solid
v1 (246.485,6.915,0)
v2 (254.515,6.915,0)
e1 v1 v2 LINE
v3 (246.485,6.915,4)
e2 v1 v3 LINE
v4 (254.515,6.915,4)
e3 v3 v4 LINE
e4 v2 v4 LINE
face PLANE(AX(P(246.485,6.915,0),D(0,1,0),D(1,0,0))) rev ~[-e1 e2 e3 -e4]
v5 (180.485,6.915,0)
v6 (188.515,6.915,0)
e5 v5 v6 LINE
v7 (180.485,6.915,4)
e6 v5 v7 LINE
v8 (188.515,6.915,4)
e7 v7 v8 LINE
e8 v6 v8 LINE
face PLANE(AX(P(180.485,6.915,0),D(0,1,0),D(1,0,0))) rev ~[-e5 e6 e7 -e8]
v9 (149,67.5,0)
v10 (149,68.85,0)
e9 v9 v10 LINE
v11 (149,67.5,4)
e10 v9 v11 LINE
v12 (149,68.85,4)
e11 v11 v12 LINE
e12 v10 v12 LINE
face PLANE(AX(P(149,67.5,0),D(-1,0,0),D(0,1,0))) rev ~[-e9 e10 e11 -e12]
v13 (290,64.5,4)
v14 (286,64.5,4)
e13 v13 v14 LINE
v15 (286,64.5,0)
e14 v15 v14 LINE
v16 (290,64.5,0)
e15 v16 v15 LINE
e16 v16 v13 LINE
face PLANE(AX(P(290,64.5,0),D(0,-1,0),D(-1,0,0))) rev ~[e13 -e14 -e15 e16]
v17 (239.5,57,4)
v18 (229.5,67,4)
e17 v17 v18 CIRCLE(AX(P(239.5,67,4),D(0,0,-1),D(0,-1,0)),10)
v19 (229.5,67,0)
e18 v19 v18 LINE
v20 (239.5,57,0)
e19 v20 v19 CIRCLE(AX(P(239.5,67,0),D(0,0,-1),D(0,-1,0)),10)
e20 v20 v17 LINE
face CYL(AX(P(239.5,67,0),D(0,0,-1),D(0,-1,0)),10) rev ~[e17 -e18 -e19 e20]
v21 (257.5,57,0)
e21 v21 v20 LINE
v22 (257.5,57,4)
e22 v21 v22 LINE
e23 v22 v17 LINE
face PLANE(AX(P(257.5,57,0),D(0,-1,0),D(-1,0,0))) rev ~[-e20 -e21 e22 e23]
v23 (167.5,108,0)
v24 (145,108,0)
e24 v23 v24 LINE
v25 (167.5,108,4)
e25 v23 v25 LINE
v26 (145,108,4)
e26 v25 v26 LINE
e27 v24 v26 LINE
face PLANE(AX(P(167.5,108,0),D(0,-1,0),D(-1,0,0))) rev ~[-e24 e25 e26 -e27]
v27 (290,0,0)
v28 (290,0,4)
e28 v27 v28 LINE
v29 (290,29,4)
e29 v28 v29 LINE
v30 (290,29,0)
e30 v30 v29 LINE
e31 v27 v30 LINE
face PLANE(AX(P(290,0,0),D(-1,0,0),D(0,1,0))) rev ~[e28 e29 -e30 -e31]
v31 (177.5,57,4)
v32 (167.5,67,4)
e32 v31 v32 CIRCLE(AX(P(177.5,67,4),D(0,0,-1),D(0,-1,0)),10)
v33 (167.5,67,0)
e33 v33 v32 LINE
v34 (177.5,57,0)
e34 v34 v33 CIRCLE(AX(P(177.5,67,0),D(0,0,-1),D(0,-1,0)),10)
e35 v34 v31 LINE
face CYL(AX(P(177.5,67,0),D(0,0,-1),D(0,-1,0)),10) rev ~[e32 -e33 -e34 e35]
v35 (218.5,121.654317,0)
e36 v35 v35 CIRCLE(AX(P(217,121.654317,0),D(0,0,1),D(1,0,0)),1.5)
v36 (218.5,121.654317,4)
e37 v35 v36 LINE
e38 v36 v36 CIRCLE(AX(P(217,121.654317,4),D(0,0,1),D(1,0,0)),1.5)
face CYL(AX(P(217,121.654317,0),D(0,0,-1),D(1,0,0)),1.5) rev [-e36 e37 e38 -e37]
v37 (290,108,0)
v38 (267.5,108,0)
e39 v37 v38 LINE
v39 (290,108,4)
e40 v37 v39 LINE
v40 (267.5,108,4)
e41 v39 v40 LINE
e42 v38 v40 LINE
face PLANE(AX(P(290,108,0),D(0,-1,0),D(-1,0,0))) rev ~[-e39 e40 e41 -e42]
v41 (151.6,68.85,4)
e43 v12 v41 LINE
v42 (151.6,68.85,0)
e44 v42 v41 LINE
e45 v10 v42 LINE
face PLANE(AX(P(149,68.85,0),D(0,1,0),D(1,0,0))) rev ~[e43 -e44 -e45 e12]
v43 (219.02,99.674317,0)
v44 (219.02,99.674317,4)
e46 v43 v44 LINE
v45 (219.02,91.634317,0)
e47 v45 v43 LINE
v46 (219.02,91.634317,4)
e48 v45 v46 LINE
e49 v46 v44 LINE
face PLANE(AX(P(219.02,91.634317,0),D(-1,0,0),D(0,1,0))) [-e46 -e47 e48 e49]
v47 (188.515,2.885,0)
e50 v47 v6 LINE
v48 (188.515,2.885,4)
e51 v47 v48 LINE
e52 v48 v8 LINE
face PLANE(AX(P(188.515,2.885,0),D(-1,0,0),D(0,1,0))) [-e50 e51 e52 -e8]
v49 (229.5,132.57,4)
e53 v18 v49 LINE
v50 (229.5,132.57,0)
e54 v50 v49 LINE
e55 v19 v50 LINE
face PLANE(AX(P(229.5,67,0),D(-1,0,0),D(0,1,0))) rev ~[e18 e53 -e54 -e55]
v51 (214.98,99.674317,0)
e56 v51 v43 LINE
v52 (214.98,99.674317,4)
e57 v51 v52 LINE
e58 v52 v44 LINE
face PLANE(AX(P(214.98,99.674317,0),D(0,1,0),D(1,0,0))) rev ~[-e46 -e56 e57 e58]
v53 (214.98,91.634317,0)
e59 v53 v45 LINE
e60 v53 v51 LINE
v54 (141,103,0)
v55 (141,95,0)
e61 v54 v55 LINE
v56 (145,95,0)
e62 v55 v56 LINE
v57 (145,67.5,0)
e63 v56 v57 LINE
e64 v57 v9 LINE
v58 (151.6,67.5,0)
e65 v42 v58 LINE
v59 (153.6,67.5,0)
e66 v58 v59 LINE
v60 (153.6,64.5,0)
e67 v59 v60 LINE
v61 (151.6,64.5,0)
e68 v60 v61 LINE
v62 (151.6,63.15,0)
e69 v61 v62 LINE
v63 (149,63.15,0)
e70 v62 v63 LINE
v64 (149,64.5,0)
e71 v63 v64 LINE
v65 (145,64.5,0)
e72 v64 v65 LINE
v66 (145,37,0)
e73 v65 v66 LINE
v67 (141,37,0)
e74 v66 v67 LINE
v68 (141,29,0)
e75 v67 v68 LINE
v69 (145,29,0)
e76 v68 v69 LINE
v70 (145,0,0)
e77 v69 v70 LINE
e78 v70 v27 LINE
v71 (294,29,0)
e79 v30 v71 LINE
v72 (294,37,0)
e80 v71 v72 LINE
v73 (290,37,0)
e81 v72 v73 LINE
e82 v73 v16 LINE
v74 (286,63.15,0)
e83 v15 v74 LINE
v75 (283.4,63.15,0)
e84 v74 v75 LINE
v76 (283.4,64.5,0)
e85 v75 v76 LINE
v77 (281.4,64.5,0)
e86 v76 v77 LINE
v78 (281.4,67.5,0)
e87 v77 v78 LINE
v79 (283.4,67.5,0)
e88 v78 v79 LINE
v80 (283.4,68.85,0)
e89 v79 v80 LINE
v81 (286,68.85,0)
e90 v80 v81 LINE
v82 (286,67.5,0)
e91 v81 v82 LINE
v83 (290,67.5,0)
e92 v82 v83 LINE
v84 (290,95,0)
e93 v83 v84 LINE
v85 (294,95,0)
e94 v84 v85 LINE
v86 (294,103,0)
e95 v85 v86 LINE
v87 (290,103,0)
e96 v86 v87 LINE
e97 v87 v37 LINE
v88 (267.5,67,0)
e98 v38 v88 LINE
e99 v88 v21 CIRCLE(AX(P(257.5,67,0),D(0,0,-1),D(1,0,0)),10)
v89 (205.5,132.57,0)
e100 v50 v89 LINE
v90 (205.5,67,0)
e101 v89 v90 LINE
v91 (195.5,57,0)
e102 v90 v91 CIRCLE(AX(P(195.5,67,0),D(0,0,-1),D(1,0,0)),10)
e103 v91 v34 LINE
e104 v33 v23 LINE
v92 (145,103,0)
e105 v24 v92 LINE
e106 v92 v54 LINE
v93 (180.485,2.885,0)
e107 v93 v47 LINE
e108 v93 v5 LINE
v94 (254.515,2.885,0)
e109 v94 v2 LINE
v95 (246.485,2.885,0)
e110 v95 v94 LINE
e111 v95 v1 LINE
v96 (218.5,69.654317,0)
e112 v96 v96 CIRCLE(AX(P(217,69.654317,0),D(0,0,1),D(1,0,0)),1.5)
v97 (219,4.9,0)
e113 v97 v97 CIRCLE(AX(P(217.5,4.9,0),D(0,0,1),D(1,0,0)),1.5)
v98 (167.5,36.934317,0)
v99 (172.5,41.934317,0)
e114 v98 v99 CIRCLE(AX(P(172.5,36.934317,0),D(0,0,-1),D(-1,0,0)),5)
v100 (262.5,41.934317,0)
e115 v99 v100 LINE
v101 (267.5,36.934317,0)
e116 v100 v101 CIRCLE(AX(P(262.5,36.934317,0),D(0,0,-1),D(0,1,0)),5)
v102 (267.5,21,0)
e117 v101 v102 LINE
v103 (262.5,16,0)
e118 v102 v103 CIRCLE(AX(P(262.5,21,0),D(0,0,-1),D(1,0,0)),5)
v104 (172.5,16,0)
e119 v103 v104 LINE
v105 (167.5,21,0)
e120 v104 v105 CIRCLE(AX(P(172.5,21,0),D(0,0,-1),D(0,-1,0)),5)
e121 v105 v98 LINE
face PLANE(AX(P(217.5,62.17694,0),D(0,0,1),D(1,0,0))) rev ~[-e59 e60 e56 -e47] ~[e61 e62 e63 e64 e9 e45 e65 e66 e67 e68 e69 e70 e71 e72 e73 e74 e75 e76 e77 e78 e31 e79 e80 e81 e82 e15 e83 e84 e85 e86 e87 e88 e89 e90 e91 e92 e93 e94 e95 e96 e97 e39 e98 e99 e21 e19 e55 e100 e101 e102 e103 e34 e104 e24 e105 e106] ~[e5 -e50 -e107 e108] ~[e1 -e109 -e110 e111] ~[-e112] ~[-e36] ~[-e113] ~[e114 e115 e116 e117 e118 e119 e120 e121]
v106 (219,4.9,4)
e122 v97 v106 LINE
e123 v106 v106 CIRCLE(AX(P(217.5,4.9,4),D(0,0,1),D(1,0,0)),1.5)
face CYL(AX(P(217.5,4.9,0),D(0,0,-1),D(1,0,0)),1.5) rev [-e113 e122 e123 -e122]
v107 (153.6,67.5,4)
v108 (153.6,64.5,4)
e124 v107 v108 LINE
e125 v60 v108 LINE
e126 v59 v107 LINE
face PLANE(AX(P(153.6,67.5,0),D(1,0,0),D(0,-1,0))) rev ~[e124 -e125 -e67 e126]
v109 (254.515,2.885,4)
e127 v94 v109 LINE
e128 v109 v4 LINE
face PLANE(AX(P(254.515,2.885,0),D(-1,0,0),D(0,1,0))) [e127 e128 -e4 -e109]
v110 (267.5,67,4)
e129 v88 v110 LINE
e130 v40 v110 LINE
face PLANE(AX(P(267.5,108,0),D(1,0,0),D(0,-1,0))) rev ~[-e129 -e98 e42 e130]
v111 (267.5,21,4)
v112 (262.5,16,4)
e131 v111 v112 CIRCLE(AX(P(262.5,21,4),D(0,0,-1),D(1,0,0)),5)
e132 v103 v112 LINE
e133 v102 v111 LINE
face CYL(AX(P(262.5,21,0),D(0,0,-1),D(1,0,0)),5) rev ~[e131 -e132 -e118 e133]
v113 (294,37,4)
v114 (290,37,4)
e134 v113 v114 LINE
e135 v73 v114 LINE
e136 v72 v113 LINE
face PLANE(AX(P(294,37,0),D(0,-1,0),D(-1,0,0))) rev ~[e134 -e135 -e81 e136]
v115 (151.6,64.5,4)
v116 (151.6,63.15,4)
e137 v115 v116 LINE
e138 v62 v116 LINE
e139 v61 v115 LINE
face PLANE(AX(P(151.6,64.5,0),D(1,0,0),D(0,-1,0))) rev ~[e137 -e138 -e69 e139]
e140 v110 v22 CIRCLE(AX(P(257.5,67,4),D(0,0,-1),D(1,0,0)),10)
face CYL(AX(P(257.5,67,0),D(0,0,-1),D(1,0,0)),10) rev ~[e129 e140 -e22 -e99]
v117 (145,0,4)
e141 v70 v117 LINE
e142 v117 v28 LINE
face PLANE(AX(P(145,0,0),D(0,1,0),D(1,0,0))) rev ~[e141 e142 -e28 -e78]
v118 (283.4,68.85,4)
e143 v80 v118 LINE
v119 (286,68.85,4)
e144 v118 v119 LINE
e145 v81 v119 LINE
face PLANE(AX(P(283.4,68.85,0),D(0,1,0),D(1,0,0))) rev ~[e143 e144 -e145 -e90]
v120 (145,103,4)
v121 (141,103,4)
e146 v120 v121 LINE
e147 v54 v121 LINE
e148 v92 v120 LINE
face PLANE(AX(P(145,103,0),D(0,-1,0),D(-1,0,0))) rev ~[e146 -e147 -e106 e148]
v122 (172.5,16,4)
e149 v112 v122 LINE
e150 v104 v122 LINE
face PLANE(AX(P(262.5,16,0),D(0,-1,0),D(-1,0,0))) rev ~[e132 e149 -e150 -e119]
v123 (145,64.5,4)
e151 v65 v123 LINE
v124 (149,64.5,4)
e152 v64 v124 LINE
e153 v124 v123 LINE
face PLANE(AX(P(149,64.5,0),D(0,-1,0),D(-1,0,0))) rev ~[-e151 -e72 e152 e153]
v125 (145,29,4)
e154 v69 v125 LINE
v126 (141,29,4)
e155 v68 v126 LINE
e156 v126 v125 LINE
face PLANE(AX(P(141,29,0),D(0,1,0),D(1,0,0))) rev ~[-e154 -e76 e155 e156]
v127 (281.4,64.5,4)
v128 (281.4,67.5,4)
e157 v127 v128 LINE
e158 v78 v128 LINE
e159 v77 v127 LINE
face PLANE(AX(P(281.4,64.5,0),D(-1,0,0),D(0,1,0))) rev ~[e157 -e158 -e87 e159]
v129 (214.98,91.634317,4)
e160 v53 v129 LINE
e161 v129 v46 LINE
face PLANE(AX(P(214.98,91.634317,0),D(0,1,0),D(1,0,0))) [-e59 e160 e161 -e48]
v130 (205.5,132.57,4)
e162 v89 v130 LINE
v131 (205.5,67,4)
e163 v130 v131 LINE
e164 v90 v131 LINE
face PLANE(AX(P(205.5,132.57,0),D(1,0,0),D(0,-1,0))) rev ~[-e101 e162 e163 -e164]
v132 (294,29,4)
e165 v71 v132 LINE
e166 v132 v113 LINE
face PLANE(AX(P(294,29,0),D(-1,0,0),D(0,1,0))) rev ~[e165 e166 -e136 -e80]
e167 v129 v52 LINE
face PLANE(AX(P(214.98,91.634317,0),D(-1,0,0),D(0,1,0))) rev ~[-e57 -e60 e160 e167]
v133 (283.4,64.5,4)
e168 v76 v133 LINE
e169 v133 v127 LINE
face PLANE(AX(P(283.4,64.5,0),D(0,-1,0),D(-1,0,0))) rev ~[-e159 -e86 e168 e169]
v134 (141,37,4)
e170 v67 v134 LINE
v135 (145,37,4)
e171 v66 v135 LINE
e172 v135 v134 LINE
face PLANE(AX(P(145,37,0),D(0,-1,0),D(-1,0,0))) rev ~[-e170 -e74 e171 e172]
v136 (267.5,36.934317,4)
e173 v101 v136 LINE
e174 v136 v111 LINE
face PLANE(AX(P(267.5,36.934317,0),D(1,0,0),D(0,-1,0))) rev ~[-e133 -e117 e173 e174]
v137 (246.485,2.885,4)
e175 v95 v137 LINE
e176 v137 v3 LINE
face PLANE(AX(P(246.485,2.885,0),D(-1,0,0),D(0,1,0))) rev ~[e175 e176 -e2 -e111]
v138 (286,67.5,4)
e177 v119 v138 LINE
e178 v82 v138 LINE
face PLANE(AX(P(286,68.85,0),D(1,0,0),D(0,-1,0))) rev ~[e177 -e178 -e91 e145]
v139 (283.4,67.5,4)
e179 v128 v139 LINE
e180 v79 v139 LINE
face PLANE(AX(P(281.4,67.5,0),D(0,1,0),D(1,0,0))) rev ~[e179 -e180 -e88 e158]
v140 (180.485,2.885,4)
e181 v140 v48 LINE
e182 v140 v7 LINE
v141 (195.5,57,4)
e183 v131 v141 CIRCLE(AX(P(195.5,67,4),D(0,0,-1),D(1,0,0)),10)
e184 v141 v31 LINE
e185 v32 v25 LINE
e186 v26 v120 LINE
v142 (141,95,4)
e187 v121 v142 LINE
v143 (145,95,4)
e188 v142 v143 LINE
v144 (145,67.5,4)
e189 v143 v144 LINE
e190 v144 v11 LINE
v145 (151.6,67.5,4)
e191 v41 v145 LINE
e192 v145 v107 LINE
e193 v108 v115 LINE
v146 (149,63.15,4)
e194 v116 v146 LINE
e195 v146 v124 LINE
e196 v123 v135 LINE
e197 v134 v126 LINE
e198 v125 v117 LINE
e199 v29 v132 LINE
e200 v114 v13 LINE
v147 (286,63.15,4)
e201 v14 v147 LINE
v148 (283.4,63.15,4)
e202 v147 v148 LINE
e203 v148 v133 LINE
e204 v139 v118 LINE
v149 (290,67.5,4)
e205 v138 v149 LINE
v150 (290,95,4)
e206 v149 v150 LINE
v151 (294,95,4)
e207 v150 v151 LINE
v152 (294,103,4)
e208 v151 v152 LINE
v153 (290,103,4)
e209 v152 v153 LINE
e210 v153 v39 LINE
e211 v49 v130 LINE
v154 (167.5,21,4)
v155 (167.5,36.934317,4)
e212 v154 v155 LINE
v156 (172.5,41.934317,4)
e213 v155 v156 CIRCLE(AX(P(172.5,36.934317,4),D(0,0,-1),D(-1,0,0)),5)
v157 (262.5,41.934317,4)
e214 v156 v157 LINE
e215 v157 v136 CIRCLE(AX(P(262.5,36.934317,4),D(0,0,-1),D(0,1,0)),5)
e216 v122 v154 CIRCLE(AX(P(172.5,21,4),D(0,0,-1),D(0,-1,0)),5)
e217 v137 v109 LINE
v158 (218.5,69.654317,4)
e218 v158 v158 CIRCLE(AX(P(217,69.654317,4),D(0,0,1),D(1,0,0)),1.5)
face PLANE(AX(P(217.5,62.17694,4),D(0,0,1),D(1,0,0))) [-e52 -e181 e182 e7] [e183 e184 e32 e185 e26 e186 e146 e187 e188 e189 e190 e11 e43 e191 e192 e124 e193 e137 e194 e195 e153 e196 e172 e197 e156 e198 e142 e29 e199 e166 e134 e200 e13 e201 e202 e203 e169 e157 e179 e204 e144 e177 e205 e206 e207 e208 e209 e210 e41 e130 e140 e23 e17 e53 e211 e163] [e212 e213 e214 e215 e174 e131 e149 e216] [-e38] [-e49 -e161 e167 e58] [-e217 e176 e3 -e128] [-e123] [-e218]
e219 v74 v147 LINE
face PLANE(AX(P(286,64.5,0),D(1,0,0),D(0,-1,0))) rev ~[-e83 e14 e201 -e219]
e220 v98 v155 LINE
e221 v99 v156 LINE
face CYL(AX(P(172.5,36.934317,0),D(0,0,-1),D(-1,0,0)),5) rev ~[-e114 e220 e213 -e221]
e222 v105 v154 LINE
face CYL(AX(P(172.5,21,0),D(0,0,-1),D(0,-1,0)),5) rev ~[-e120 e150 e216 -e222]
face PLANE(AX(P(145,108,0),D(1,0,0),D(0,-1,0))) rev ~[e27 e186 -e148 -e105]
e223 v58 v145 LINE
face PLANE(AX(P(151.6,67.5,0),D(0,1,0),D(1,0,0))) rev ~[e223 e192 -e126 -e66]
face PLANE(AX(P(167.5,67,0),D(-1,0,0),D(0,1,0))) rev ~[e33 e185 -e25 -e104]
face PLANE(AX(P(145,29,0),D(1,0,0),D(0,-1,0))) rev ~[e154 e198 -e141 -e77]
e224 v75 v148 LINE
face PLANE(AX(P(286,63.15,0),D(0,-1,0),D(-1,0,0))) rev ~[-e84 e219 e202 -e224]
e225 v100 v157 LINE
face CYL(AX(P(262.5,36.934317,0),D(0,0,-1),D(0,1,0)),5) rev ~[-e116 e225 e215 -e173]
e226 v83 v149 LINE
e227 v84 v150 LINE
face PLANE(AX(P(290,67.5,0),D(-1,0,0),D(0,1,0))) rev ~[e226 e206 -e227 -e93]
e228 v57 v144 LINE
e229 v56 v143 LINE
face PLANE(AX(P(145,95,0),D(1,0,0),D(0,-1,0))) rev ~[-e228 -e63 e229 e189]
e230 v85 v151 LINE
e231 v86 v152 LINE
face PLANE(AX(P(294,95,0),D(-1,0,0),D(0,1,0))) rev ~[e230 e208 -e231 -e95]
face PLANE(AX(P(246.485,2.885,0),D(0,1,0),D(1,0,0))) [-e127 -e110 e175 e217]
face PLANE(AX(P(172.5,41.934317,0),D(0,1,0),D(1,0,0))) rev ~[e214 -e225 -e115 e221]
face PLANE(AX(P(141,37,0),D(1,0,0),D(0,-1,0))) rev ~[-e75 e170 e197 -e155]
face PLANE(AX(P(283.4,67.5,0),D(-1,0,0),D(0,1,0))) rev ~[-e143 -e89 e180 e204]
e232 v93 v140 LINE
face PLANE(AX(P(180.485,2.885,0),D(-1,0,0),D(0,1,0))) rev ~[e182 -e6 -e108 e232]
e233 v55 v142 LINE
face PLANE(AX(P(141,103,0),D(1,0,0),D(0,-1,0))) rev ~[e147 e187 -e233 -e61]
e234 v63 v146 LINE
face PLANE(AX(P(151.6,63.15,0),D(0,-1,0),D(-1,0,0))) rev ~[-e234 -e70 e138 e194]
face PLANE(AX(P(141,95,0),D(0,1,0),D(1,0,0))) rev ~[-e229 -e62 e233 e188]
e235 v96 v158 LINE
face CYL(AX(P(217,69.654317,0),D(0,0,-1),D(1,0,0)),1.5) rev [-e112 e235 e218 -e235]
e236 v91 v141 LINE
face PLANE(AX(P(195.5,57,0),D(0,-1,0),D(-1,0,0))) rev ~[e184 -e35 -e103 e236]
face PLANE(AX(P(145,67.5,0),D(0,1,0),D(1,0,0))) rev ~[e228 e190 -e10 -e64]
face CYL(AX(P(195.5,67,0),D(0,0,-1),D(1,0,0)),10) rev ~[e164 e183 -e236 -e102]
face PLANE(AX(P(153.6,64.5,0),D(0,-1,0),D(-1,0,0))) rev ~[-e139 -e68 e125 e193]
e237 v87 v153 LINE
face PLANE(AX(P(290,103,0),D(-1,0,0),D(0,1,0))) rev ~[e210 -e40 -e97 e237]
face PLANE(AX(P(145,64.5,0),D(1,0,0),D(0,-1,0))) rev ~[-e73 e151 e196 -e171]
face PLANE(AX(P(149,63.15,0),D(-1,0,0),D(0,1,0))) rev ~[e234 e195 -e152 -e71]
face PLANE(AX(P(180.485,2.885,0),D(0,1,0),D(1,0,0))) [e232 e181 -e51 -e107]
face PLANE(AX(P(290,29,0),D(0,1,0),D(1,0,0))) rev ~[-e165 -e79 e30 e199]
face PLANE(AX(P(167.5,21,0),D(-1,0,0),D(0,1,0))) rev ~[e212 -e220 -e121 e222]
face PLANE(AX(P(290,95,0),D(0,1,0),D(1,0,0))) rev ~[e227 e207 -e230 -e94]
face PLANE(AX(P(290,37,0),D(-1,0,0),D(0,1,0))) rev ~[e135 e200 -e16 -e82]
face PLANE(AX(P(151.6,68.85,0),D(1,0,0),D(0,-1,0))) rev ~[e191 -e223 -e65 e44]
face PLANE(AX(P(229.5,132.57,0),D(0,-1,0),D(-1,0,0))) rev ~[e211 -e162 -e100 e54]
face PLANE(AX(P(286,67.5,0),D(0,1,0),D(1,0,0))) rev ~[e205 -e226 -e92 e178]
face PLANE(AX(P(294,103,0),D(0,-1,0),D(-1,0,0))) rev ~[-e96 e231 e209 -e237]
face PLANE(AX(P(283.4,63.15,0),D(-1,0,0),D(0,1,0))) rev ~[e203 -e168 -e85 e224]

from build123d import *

# Parameters (mm, degrees)
SKETCH_1_W      = 8.03
SKETCH_1_H      = 4.03
SKETCH_1_R      = 1.5
SKETCH_1_W_2    = 4.04
SKETCH_1_H_2    = 8.04
EXTRUDE_1_DEPTH = 4


with BuildPart() as part:
    # 草图1 → 凸台-拉伸1 (new body)
    with BuildSketch(Plane.XY):
        with BuildLine():
            Line((149, 64.5), (145, 64.5))
            Line((145, 64.5), (145, 37))
            Line((145, 37), (141, 37))
            Line((141, 37), (141, 29))
            Line((141, 29), (145, 29))
            Line((145, 29), (145, 0))
            Line((145, 0), (290, 0))
            Line((290, 0), (290, 29))
            Line((290, 29), (294, 29))
            Line((294, 29), (294, 37))
            Line((294, 37), (290, 37))
            Line((290, 37), (290, 64.5))
            Line((290, 64.5), (286, 64.5))
            Line((286, 64.5), (286, 63.15))
            Line((286, 63.15), (283.4, 63.15))
            Line((283.4, 63.15), (283.4, 64.5))
            Line((283.4, 64.5), (281.4, 64.5))
            Line((281.4, 64.5), (281.4, 67.5))
            Line((281.4, 67.5), (283.4, 67.5))
            Line((283.4, 67.5), (283.4, 68.85))
            Line((283.4, 68.85), (286, 68.85))
            Line((286, 68.85), (286, 67.5))
            Line((286, 67.5), (290, 67.5))
            Line((290, 67.5), (290, 95))
            Line((290, 95), (294, 95))
            Line((294, 95), (294, 103))
            Line((294, 103), (290, 103))
            Line((290, 103), (290, 108))
            Line((290, 108), (267.5, 108))
            Line((267.5, 108), (267.5, 67))
            ThreePointArc((267.5, 67), (264.571067812, 59.928932188), (257.5, 57))
            Line((257.5, 57), (239.5, 57))
            ThreePointArc((239.5, 57), (232.428932188, 59.928932188), (229.5, 67))
            Line((229.5, 67), (229.5, 132.57))
            Line((229.5, 132.57), (205.5, 132.57))
            Line((205.5, 132.57), (205.5, 67))
            ThreePointArc((205.5, 67), (202.571067812, 59.928932188), (195.5, 57))
            Line((195.5, 57), (177.5, 57))
            ThreePointArc((177.5, 57), (170.428932188, 59.928932188), (167.5, 67))
            Line((167.5, 67), (167.5, 108))
            Line((167.5, 108), (145, 108))
            Line((145, 108), (145, 103))
            Line((145, 103), (141, 103))
            Line((141, 103), (141, 95))
            Line((141, 95), (145, 95))
            Line((145, 95), (145, 67.5))
            Line((145, 67.5), (149, 67.5))
            Line((149, 67.5), (149, 68.85))
            Line((149, 68.85), (151.6, 68.85))
            Line((151.6, 68.85), (151.6, 67.5))
            Line((151.6, 67.5), (153.6, 67.5))
            Line((153.6, 67.5), (153.6, 64.5))
            Line((153.6, 64.5), (151.6, 64.5))
            Line((151.6, 64.5), (151.6, 63.15))
            Line((151.6, 63.15), (149, 63.15))
            Line((149, 63.15), (149, 64.5))
        make_face()
        with Locations((184.5, 4.9)):
            Rectangle(SKETCH_1_W, SKETCH_1_H, mode=Mode.SUBTRACT)
        with BuildLine():
            ThreePointArc((167.5, 36.934316811), (168.964466094, 40.469850717), (172.5, 41.934316811))
            Line((172.5, 41.934316811), (262.5, 41.934316811))
            ThreePointArc((262.5, 41.934316811), (266.035533906, 40.469850717), (267.5, 36.934316811))
            Line((267.5, 36.934316811), (267.5, 21))
            ThreePointArc((267.5, 21), (266.035533906, 17.464466094), (262.5, 16))
            Line((262.5, 16), (172.5, 16))
            ThreePointArc((172.5, 16), (168.964466094, 17.464466094), (167.5, 21))
            Line((167.5, 21), (167.5, 36.934316811))
        make_face(mode=Mode.SUBTRACT)
        with Locations((217.5, 4.9)):
            Circle(SKETCH_1_R, mode=Mode.SUBTRACT)
        with Locations((250.5, 4.9)):
            Rectangle(SKETCH_1_W, SKETCH_1_H, mode=Mode.SUBTRACT)
        with Locations((217, 69.654316811)):
            Circle(SKETCH_1_R, mode=Mode.SUBTRACT)
        with Locations((217, 95.654316811)):
            Rectangle(SKETCH_1_W_2, SKETCH_1_H_2, mode=Mode.SUBTRACT)
        with Locations((217, 121.654316811)):
            Circle(SKETCH_1_R, mode=Mode.SUBTRACT)
    extrude(amount=EXTRUDE_1_DEPTH)


solid = part.part
